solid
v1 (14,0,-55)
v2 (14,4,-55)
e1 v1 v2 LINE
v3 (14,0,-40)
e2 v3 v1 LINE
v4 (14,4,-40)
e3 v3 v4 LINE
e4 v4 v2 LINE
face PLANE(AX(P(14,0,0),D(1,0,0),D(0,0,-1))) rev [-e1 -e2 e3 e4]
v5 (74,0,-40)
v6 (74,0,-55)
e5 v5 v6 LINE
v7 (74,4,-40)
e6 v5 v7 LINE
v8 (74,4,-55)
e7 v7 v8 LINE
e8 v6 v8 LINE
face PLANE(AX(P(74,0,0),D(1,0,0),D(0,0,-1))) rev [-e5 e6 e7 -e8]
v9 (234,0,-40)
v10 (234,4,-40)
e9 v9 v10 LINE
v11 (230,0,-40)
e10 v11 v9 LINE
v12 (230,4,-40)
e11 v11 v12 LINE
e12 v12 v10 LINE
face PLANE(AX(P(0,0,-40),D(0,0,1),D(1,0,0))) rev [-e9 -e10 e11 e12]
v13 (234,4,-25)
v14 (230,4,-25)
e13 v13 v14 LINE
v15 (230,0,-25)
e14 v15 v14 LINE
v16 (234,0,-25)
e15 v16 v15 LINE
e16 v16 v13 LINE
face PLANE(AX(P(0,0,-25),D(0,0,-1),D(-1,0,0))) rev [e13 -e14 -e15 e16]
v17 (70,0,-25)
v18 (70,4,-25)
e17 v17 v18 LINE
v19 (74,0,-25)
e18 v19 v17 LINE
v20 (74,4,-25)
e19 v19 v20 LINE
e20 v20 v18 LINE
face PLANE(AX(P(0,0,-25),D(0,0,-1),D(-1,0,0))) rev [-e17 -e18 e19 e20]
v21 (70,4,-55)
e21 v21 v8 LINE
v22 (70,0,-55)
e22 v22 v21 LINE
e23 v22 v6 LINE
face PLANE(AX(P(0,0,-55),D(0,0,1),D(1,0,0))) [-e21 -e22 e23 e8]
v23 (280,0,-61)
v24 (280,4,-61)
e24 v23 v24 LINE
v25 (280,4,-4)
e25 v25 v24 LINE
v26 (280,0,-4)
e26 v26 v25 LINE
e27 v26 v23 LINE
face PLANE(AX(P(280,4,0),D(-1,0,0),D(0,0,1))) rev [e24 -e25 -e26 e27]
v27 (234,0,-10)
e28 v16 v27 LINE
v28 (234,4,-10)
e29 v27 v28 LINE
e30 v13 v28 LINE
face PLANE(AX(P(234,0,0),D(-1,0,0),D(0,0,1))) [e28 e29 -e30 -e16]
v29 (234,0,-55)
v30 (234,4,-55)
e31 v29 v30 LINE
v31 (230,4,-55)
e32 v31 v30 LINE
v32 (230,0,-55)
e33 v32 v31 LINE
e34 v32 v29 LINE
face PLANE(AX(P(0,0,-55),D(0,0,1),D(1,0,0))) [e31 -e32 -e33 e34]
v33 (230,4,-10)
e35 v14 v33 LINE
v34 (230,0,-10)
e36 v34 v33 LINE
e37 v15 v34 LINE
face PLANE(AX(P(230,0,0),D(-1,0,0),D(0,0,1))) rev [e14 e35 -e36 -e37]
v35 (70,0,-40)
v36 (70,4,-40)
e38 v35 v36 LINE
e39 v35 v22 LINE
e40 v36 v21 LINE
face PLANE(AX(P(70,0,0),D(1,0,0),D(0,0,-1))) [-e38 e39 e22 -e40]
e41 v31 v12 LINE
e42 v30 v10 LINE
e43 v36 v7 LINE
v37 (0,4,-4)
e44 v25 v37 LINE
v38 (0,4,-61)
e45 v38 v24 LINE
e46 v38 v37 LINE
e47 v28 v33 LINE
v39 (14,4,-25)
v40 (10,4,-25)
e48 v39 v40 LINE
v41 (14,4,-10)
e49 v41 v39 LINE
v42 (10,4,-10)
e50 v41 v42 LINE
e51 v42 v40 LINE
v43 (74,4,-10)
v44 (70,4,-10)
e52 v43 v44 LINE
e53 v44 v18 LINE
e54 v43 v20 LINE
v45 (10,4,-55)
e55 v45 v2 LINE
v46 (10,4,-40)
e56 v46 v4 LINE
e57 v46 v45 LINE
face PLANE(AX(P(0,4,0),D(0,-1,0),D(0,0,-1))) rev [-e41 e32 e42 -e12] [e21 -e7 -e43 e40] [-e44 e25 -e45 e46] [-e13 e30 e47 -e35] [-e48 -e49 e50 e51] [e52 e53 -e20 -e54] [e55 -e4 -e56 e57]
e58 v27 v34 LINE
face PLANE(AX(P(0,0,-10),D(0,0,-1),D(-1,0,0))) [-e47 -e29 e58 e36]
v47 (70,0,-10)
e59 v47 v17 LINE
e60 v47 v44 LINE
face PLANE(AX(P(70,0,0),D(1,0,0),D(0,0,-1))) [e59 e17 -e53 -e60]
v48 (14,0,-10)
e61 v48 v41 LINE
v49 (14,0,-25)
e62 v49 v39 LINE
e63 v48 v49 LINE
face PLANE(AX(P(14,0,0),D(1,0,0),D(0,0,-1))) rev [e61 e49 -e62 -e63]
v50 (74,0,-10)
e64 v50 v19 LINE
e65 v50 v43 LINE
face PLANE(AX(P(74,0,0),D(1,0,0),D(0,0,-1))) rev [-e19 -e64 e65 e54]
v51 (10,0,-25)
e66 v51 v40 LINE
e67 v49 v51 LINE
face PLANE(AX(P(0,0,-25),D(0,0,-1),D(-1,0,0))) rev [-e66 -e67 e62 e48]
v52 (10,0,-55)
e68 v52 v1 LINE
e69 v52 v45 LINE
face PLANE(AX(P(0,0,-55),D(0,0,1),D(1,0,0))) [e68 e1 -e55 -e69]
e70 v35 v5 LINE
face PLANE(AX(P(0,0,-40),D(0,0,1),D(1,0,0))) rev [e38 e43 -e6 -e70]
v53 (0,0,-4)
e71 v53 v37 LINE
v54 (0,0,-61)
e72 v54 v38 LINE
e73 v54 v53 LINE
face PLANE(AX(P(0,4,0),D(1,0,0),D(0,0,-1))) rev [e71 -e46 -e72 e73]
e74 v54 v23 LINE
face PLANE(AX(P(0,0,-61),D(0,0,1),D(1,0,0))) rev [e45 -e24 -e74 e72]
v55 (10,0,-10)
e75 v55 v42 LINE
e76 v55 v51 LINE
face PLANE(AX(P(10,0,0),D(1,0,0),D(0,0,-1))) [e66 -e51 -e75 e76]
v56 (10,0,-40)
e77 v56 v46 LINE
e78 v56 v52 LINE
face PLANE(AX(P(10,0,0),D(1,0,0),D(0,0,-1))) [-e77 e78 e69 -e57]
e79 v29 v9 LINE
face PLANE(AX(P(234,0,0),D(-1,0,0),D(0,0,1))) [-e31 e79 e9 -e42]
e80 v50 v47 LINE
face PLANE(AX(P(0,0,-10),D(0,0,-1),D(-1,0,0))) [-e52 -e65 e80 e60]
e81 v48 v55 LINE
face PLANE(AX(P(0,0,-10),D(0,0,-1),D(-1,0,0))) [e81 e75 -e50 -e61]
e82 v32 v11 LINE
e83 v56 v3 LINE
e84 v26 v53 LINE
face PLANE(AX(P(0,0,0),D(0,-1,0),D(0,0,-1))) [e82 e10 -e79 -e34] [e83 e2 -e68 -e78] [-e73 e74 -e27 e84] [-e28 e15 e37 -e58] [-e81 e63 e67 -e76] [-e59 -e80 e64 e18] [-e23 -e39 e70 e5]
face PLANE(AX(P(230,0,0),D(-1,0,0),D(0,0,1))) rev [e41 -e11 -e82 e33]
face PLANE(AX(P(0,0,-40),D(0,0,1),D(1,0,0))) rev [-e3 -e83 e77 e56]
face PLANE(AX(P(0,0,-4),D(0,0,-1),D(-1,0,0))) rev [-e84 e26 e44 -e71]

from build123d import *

# Parameters (mm, degrees)
SKETCH1_W           = 280
SKETCH1_H           = 65
BOSS_EXTRUDE1_DEPTH = 4
SKETCH2_W           = 4
SKETCH2_H           = 15
CUT_EXTRUDE1_DEPTH  = 4
SKETCH3_W           = 280
SKETCH3_H           = 4
CUT_EXTRUDE2_DEPTH  = 4


with BuildPart() as part:
    # Sketch1 → Boss-Extrude1 (new body)
    with BuildSketch(Plane(origin=(0, 0, 0), x_dir=(1, 0, 0), z_dir=(0, 1, 0))):
        with Locations((140, 32.5)):
            Rectangle(SKETCH1_W, SKETCH1_H)
    extrude(amount=BOSS_EXTRUDE1_DEPTH)

    # Sketch2 → Cut-Extrude1 (cut)
    with BuildSketch(Plane(origin=(0, 4, 0), x_dir=(1, 0, 0), z_dir=(0, 1, 0))):
        with Locations((12, 47.5)):
            Rectangle(SKETCH2_W, SKETCH2_H)
        with Locations((12, 17.5)):
            Rectangle(SKETCH2_W, SKETCH2_H)
        with Locations((72, 17.5)):
            Rectangle(SKETCH2_W, SKETCH2_H)
        with Locations((72, 47.5)):
            Rectangle(SKETCH2_W, SKETCH2_H)
        with Locations((232, 47.5)):
            Rectangle(SKETCH2_W, SKETCH2_H)
        with Locations((232, 17.5)):
            Rectangle(SKETCH2_W, SKETCH2_H)
    extrude(amount=-CUT_EXTRUDE1_DEPTH, mode=Mode.SUBTRACT)

    # Sketch3 → Cut-Extrude2 (cut)
    with BuildSketch(Plane(origin=(0, 4, 0), x_dir=(1, 0, 0), z_dir=(0, 1, 0))):
        with Locations((140, 63)):
            Rectangle(SKETCH3_W, SKETCH3_H)
        with Locations((140, 2)):
            Rectangle(SKETCH3_W, SKETCH3_H)
    extrude(amount=-CUT_EXTRUDE2_DEPTH, mode=Mode.SUBTRACT)


solid = part.part
